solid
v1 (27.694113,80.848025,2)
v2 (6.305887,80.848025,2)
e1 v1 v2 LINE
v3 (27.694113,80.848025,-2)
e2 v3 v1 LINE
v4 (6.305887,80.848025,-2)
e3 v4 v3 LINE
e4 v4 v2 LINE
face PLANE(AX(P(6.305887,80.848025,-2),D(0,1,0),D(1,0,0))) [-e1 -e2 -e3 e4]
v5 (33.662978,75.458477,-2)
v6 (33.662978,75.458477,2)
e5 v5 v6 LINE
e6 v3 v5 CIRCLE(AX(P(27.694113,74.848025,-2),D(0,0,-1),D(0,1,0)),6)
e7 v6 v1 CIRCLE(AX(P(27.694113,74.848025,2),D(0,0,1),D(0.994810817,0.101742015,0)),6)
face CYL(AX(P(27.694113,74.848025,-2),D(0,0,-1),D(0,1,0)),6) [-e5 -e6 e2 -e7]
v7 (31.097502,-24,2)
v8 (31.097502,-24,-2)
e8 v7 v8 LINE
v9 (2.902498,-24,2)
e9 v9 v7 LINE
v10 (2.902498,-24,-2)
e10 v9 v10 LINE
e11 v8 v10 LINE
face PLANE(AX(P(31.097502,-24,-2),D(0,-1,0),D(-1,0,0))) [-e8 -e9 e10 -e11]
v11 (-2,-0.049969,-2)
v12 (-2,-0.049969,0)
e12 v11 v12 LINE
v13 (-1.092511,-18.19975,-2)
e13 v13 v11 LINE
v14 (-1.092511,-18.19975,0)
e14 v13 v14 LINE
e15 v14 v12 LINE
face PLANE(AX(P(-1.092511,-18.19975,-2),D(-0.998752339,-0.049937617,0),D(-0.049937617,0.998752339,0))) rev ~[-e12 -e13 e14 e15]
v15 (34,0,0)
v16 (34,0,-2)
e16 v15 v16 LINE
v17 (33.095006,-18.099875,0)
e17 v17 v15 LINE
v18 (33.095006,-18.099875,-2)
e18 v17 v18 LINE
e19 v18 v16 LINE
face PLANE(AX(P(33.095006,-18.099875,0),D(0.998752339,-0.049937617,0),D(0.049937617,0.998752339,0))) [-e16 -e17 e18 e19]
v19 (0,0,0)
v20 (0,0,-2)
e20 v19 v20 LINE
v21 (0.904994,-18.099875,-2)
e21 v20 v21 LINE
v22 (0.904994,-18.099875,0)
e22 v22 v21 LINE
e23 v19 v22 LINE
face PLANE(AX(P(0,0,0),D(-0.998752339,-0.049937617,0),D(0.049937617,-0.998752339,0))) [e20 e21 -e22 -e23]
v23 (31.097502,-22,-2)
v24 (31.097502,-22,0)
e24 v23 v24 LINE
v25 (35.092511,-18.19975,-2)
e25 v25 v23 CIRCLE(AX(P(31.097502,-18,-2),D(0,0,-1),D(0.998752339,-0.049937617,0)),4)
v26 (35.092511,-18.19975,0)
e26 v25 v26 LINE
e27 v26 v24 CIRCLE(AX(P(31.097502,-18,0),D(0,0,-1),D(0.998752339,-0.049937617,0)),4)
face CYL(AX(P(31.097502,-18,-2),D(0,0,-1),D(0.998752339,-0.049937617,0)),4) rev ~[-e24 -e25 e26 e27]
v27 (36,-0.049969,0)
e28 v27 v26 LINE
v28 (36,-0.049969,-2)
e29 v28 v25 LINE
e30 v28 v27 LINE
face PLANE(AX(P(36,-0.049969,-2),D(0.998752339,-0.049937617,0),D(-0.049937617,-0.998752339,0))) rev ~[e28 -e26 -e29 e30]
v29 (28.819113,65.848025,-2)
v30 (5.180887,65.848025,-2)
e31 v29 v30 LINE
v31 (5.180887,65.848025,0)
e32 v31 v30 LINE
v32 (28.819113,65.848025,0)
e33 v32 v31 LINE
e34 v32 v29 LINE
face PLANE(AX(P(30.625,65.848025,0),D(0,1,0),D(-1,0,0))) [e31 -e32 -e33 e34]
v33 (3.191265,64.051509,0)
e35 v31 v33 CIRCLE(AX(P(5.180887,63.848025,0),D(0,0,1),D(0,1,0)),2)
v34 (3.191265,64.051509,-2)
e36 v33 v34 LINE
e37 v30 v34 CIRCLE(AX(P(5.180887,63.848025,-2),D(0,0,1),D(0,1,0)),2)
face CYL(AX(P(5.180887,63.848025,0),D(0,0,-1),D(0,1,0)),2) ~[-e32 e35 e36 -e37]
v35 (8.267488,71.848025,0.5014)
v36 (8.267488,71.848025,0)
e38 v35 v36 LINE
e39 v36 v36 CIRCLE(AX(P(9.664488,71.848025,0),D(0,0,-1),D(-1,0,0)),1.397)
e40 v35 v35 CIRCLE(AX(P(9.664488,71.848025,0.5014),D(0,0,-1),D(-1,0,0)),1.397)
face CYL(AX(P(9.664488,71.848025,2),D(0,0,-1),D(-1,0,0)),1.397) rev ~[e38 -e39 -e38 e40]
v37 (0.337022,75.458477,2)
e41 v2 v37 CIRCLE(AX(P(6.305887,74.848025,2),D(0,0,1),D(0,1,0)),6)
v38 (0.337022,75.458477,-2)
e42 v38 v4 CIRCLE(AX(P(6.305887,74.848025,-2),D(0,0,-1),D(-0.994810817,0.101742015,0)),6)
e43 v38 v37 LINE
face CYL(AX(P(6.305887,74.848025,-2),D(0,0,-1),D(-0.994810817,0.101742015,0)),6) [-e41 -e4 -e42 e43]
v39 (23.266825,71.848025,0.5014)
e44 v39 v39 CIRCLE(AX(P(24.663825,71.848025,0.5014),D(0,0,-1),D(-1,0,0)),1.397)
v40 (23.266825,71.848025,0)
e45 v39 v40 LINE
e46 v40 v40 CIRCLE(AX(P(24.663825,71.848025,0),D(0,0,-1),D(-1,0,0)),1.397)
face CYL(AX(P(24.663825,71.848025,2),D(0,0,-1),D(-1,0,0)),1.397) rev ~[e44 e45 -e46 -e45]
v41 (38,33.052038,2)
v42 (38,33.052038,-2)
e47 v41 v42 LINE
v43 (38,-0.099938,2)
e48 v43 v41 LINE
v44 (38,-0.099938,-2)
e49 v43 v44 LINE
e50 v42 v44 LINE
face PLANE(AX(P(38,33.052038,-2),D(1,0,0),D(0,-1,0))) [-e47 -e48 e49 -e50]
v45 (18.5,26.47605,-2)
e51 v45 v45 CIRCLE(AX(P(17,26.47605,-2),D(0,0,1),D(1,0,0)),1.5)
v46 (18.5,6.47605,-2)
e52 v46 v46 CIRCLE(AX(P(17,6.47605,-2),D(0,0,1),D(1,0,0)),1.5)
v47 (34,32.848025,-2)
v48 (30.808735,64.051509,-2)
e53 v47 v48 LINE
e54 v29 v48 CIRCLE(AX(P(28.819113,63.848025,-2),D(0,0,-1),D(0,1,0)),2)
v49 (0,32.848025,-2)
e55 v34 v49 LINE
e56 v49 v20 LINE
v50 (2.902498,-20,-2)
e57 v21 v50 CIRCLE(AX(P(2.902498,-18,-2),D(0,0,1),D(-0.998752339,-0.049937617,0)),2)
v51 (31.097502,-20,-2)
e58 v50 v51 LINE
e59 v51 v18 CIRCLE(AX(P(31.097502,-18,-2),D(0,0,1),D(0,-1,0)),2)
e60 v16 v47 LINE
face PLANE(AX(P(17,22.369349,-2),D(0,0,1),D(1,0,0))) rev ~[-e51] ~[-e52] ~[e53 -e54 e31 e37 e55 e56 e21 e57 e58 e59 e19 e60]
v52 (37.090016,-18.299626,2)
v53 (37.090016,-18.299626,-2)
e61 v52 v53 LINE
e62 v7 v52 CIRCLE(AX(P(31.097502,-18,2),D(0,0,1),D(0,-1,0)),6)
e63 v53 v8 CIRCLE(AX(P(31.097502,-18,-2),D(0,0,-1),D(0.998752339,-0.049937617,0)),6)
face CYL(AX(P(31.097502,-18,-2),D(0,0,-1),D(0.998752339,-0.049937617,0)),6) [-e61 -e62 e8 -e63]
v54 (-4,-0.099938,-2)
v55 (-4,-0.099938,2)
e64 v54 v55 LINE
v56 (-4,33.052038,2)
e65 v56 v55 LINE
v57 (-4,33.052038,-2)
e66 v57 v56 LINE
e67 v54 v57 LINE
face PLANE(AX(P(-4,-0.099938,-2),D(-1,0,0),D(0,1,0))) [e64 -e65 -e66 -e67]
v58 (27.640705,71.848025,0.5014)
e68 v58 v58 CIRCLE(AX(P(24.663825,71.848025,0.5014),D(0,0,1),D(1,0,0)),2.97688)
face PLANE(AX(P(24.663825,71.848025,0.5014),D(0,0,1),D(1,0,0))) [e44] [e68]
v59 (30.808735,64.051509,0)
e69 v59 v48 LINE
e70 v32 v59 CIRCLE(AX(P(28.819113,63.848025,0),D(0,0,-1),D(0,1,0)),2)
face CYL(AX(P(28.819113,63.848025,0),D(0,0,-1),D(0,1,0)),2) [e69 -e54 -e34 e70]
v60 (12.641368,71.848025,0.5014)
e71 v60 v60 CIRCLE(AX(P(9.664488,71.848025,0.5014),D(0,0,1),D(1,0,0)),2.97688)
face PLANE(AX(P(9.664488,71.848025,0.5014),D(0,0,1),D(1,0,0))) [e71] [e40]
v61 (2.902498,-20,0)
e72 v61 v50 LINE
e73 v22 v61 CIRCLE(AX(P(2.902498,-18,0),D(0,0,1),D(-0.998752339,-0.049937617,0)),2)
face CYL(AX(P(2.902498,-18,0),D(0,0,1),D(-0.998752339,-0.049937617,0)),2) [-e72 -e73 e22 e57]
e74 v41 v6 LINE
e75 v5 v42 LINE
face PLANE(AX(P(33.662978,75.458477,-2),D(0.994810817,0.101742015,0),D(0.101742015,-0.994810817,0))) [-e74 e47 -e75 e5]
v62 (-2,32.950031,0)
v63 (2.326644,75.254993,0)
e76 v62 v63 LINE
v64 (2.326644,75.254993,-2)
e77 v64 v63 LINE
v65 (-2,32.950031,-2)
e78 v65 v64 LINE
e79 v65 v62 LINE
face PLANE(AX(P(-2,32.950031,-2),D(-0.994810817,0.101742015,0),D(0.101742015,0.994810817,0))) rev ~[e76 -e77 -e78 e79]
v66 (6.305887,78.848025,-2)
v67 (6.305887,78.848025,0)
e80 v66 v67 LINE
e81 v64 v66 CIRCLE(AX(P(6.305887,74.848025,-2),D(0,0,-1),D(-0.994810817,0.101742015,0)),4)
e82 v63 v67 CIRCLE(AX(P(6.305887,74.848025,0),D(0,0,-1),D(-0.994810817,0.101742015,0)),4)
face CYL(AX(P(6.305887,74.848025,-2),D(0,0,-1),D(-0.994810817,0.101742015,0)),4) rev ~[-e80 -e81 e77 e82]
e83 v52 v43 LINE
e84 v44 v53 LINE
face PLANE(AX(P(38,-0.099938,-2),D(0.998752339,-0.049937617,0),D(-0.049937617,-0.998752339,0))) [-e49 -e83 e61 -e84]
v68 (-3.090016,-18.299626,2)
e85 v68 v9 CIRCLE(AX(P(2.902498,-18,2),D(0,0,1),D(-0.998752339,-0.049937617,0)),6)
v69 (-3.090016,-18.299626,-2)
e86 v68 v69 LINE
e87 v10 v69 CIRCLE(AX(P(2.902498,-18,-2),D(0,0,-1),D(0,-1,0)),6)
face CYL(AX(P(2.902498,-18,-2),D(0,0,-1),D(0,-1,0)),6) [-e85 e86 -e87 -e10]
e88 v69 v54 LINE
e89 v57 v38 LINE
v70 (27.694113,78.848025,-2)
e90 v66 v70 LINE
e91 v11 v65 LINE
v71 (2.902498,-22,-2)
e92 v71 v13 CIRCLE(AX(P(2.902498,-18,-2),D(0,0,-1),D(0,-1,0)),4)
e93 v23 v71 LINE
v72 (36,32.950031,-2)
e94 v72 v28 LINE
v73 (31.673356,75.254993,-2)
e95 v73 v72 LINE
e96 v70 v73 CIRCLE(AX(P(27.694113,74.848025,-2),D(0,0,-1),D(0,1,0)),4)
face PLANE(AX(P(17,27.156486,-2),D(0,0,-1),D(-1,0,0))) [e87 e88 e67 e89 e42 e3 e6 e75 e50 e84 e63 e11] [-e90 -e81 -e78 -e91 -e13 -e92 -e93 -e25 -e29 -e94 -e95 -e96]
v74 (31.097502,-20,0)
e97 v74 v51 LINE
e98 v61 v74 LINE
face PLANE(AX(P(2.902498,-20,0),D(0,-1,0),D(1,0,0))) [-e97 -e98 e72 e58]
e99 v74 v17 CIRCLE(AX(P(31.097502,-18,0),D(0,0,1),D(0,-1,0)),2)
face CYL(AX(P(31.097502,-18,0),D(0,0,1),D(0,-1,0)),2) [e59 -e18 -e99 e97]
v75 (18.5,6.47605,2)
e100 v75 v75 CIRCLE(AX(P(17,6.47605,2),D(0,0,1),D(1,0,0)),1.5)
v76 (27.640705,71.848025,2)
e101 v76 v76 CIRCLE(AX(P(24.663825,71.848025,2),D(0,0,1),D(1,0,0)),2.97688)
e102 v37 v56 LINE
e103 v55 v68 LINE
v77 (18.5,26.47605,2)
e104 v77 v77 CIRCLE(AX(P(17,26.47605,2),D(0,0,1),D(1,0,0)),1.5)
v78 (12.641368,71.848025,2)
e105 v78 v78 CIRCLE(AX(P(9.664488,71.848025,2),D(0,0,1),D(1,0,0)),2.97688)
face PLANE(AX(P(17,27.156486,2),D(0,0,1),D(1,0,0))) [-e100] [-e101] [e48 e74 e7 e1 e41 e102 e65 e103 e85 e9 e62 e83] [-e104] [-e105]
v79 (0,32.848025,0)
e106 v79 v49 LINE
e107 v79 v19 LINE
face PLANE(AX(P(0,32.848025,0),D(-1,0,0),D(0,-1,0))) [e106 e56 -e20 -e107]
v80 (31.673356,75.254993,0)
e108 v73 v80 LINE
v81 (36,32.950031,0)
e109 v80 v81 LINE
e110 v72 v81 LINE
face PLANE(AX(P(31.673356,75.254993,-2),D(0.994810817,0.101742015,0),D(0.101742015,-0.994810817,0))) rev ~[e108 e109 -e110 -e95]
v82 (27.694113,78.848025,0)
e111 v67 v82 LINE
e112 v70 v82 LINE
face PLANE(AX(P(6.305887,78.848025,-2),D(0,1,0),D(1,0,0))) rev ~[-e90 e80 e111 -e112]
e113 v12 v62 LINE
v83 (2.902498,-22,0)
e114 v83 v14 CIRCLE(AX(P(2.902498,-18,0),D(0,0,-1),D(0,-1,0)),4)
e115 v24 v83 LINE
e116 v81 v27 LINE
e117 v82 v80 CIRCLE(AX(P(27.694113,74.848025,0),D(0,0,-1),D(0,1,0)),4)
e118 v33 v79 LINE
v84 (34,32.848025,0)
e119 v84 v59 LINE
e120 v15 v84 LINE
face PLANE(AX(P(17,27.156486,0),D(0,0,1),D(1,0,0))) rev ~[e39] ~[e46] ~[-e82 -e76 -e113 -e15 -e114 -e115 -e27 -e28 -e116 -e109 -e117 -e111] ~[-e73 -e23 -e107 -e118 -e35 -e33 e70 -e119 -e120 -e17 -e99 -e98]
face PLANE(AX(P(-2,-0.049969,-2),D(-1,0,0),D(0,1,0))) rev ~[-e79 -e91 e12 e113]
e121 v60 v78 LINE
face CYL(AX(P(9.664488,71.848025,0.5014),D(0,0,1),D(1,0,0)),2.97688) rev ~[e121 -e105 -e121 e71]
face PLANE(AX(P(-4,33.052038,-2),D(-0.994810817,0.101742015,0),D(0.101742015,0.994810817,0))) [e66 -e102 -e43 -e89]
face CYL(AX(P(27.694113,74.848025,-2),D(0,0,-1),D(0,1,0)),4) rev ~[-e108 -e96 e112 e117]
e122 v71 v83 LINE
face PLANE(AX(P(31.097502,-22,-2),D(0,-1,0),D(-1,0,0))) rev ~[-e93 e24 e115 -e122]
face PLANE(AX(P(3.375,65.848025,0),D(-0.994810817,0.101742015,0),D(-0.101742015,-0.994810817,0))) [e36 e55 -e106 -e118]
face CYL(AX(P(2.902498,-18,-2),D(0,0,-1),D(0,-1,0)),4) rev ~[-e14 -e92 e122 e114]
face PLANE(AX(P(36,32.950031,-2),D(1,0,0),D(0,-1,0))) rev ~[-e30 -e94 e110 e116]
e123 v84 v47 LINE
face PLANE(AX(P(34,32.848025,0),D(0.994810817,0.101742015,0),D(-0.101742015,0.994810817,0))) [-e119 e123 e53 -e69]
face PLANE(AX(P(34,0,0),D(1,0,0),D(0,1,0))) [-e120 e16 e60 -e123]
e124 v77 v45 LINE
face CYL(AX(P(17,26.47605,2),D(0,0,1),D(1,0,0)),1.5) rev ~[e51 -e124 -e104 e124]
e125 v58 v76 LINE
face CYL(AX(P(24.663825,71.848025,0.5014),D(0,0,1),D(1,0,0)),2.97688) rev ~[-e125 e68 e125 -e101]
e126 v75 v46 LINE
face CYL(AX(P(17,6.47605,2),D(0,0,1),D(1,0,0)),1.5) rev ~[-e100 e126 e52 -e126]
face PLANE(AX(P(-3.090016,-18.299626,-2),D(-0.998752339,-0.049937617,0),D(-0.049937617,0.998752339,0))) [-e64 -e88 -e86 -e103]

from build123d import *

# Parameters (mm, degrees)
BOSS_EXTRUDE4_DEPTH                                 = 2
BOSS_EXTRUDE5_START                                 = 2
BOSS_EXTRUDE5_DEPTH                                 = 2
BOSS_EXTRUDE6_DEPTH                                 = 2
FILLET1_R                                           = 2
CBORE_FOR_3_BINDING_HEAD_MACHINE_SCREW1_D           = 2.794
CBORE_FOR_3_BINDING_HEAD_MACHINE_SCREW1_CBORE_D     = 5.95376
CBORE_FOR_3_BINDING_HEAD_MACHINE_SCREW1_CBORE_DEPTH = 1.4986
SKETCH10_R                                          = 1.5
CUT_EXTRUDE1_DEPTH                                  = 5
SKETCH9_R                                           = 1.5
CUT_EXTRUDE2_DEPTH                                  = 5


with BuildPart() as part:
    # Sketch1 → Boss-Extrude4 (new body)
    with BuildSketch(Plane.XY):
        with BuildLine():
            Line((37.090015594, -18.299625702), (38, -0.099937578))
            Line((38, -0.099937578), (38, 33.052037892))
            Line((38, 33.052037892), (33.662977857, 75.458476622))
            ThreePointArc((33.662977857, 75.458476622), (31.715138161, 79.301265628), (27.694112953, 80.84802453))
            Line((27.694112953, 80.84802453), (6.305887047, 80.84802453))
            ThreePointArc((6.305887047, 80.84802453), (2.284861839, 79.301265628), (0.337022143, 75.458476622))
            Line((0.337022143, 75.458476622), (-4, 33.052037892))
            Line((-4, 33.052037892), (-4, -0.099937578))
            Line((-4, -0.099937578), (-3.090015594, -18.299625702))
            ThreePointArc((-3.090015594, -18.299625702), (-1.232851956, -22.347283877), (2.902498439, -24))
            Line((2.902498439, -24), (31.097501561, -24))
            ThreePointArc((31.097501561, -24), (35.232851956, -22.347283877), (37.090015594, -18.299625702))
        make_face()
    extrude(amount=BOSS_EXTRUDE4_DEPTH)

    # Sketch5 → Boss-Extrude5 (add)
    with BuildSketch(Plane(origin=(0, 0, 0), x_dir=(-1, 0, 0), z_dir=(0, 0, -1)).offset(BOSS_EXTRUDE5_START)):
        with BuildLine():
            Line((-33.662977857, 75.458476622), (-38, 33.052037892))
            Line((-38, 33.052037892), (-38, -0.099937578))
            Line((-38, -0.099937578), (-37.090015594, -18.299625702))
            ThreePointArc((-37.090015594, -18.299625702), (-35.232851956, -22.347283877), (-31.097501561, -24))
            Line((-31.097501561, -24), (-2.902498439, -24))
            ThreePointArc((-2.902498439, -24), (1.232851956, -22.347283877), (3.090015594, -18.299625702))
            Line((3.090015594, -18.299625702), (4, -0.099937578))
            Line((4, -0.099937578), (4, 33.052037892))
            Line((4, 33.052037892), (-0.337022143, 75.458476622))
            ThreePointArc((-0.337022143, 75.458476622), (-2.284861839, 79.301265628), (-6.305887047, 80.84802453))
            Line((-6.305887047, 80.84802453), (-27.694112953, 80.84802453))
            ThreePointArc((-27.694112953, 80.84802453), (-31.715138161, 79.301265628), (-33.662977857, 75.458476622))
        make_face()
        with BuildLine():
            Line((-31.097501561, -22), (-2.902498439, -22))
            ThreePointArc((-2.902498439, -22), (-0.145598176, -20.898189251), (1.092510916, -18.199750468))
            Line((1.092510916, -18.199750468), (2, -0.049968789))
            Line((2, -0.049968789), (2, 32.950031211))
            Line((2, 32.950031211), (-2.326643778, 75.254992592))
            ThreePointArc((-2.326643778, 75.254992592), (-3.625203575, 77.816851929), (-6.305887047, 78.84802453))
            Line((-6.305887047, 78.84802453), (-27.694112953, 78.84802453))
            ThreePointArc((-27.694112953, 78.84802453), (-30.374796425, 77.816851929), (-31.673356222, 75.254992592))
            Line((-31.673356222, 75.254992592), (-36, 32.950031211))
            Line((-36, 32.950031211), (-36, -0.049968789))
            Line((-36, -0.049968789), (-35.092510916, -18.199750468))
            ThreePointArc((-35.092510916, -18.199750468), (-33.854401824, -20.898189251), (-31.097501561, -22))
        make_face(mode=Mode.SUBTRACT)
    extrude(amount=-BOSS_EXTRUDE5_DEPTH)

    # Sketch6 → Boss-Extrude6 (add)
    with BuildSketch(Plane(origin=(0, 0, 0), x_dir=(-1, 0, 0), z_dir=(0, 0, -1))):
        with BuildLine():
            Line((-30.625, 65.84802453), (-3.375, 65.84802453))
            Line((-3.375, 65.84802453), (0, 32.84802453))
            Line((0, 32.84802453), (0, 0))
            Line((0, 0), (-0.904993762, -18.099875234))
            ThreePointArc((-0.904993762, -18.099875234), (-1.524048308, -19.449094626), (-2.902498439, -20))
            Line((-2.902498439, -20), (-31.097501561, -20))
            ThreePointArc((-31.097501561, -20), (-32.475951692, -19.449094626), (-33.095006238, -18.099875234))
            Line((-33.095006238, -18.099875234), (-34, 0))
            Line((-34, 0), (-34, 32.84802453))
            Line((-34, 32.84802453), (-30.625, 65.84802453))
        make_face()
    extrude(amount=BOSS_EXTRUDE6_DEPTH)

    # Fillet1
    fillet1_edges = [part.edges().sort_by_distance(p)[0] for p in [
        (30.625, 65.84802453, -1),
        (3.375, 65.84802453, -1),
    ]]
    fillet(fillet1_edges, radius=FILLET1_R)

    # CBORE for #3 Binding Head Machine Screw1 (through all)
    with Locations(Plane.XY.offset(2)):
        with Locations((24.663824929, 71.84802453), (9.664488304, 71.84802453)):
            CounterBoreHole(CBORE_FOR_3_BINDING_HEAD_MACHINE_SCREW1_D / 2, CBORE_FOR_3_BINDING_HEAD_MACHINE_SCREW1_CBORE_D / 2, CBORE_FOR_3_BINDING_HEAD_MACHINE_SCREW1_CBORE_DEPTH)

    # Sketch10 → Cut-Extrude1 (cut)
    with BuildSketch(Plane.XY.offset(2)):
        with Locations((17, 6.476050157)):
            Circle(SKETCH10_R)
    extrude(amount=-CUT_EXTRUDE1_DEPTH, mode=Mode.SUBTRACT)

    # Sketch9 → Cut-Extrude2 (cut)
    with BuildSketch(Plane.XY.offset(2)):
        with Locations((17, 6.476050157)):
            Circle(SKETCH9_R)
        with Locations((17, 26.476050157)):
            Circle(SKETCH9_R)
    extrude(amount=-CUT_EXTRUDE2_DEPTH, mode=Mode.SUBTRACT)


solid = part.part
